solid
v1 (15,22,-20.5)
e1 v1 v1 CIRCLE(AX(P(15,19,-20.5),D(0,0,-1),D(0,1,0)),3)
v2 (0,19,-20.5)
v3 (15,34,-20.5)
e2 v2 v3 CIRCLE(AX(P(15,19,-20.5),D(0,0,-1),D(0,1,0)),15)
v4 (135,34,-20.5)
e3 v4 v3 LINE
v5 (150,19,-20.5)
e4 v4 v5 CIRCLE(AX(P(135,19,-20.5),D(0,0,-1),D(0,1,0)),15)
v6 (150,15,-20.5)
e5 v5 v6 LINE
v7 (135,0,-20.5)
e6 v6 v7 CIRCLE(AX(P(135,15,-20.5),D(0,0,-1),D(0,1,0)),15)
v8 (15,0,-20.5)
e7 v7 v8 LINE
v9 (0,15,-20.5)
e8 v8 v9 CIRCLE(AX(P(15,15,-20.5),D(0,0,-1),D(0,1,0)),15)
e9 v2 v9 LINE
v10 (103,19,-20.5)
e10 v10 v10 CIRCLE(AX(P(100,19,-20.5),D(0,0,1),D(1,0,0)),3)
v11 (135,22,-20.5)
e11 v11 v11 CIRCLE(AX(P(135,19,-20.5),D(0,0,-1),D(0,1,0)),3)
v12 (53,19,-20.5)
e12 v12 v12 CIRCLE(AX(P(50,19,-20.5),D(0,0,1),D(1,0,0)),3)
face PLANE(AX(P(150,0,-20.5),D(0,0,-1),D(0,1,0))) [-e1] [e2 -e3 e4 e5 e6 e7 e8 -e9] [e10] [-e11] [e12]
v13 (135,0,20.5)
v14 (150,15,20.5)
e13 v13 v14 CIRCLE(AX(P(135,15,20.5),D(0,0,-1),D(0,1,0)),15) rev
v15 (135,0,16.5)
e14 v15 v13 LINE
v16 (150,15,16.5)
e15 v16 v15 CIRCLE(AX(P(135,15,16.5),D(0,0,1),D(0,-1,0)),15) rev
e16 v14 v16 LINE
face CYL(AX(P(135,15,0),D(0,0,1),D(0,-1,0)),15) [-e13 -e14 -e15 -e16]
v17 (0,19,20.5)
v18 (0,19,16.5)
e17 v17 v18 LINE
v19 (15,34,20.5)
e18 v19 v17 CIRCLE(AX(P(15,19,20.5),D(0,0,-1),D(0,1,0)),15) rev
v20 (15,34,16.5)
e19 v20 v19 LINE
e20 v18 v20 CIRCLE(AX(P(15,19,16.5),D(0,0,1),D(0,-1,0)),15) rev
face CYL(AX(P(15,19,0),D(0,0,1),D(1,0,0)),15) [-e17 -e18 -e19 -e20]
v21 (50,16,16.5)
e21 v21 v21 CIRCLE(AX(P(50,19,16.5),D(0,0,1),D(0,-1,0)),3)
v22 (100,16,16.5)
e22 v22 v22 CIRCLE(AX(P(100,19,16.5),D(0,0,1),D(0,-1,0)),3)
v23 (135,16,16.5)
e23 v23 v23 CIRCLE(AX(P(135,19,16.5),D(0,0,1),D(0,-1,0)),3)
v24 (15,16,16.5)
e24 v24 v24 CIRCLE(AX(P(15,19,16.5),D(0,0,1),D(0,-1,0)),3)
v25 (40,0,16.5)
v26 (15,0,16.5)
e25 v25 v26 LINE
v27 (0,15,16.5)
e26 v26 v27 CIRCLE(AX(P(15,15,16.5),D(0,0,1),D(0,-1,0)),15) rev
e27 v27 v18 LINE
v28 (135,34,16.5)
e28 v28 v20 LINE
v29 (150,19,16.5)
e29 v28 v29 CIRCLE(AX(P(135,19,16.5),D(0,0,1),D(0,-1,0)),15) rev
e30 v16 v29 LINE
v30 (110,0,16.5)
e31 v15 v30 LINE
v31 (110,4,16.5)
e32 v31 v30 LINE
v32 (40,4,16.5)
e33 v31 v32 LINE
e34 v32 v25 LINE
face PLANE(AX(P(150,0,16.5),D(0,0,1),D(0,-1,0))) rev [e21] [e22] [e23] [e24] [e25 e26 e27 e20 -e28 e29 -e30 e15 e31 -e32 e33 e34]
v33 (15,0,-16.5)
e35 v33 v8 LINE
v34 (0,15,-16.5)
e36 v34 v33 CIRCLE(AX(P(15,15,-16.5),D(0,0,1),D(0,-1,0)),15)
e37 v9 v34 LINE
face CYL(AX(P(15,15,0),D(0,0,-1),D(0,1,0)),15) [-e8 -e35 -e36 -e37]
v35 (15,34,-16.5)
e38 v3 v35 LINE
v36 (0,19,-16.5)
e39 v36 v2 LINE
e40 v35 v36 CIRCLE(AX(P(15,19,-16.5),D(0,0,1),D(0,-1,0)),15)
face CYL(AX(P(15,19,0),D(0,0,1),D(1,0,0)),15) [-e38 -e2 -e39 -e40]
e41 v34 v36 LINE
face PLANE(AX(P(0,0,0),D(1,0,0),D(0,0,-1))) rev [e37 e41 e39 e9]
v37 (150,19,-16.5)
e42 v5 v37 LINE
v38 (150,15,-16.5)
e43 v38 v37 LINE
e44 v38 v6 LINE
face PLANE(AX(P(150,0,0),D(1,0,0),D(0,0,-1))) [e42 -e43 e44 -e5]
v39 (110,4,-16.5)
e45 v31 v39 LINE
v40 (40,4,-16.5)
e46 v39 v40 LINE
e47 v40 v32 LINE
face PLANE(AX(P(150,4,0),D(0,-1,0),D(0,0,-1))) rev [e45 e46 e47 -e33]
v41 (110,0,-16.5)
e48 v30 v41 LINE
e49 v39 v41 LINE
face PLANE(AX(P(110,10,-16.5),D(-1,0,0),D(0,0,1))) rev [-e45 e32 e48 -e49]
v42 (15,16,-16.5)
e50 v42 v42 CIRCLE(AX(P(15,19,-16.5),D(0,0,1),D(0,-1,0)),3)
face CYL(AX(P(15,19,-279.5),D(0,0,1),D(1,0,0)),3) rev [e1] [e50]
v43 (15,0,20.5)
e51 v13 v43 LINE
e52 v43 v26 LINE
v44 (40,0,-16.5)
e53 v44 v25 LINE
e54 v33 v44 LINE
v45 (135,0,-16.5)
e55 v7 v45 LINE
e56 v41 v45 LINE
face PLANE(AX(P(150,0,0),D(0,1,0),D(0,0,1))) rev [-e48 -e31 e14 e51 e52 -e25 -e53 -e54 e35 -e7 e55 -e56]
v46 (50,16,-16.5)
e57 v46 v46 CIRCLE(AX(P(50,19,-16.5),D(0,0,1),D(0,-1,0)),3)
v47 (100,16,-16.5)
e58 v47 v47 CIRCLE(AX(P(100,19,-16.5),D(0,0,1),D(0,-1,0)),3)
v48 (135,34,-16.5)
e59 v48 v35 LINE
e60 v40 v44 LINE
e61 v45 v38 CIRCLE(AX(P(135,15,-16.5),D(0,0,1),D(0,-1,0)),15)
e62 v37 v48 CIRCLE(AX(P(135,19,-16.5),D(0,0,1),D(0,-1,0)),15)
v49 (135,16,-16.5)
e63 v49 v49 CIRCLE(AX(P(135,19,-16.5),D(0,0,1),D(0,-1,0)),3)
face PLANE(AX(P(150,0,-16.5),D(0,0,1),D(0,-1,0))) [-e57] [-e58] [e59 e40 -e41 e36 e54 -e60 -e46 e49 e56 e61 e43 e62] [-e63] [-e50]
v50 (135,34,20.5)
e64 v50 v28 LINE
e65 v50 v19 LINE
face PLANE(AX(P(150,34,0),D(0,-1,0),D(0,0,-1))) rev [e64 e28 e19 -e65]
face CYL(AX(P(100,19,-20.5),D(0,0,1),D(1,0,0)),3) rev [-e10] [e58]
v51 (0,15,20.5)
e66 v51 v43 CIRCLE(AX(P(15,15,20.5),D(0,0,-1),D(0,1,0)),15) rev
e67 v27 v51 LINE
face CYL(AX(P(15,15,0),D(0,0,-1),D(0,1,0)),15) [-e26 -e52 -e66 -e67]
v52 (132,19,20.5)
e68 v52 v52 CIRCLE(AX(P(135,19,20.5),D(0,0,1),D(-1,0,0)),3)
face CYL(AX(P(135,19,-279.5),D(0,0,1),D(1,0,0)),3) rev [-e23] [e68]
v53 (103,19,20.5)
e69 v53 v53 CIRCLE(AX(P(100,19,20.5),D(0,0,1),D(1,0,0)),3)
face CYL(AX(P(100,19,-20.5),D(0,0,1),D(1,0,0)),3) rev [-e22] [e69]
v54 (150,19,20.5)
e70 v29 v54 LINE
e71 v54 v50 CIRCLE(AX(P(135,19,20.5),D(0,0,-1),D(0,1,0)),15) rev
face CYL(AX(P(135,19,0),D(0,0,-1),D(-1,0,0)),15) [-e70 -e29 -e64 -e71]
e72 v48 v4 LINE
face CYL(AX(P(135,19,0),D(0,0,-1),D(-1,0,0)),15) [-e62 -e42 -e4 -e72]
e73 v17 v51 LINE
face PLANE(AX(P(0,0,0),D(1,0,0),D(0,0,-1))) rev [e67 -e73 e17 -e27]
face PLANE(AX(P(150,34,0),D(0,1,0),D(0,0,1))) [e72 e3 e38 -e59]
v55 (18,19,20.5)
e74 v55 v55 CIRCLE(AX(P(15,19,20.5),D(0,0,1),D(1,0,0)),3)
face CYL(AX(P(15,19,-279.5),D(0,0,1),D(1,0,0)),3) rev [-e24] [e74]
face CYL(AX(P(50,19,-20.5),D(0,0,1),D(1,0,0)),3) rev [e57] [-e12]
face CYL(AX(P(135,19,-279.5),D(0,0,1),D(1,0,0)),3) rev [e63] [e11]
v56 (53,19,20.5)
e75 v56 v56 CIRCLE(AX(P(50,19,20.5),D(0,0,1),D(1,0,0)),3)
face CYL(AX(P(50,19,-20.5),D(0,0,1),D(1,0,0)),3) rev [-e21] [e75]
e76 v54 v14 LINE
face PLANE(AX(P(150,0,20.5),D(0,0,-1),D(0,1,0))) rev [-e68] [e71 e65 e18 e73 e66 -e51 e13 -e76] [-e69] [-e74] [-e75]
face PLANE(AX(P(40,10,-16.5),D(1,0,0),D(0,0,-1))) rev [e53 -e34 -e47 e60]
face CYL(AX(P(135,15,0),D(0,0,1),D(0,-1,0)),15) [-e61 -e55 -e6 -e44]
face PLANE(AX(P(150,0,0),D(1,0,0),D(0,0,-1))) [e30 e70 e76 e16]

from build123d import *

# Parameters (mm, degrees)
EXTRUDE_1_DEPTH     = 150
SKETCH_2_R          = 3
CUT_EXTRUDE_1_DEPTH = 300
SKETCH_3_W          = 40
SKETCH_3_H          = 33
CUT_EXTRUDE_2_DEPTH = 10
FILLET_1_R          = 15
SKETCH_4_R          = 3
CUT_EXTRUDE_3_DEPTH = 160.176003217


with BuildPart() as part:
    # 草图1 → 凸台-拉伸1 (new body)
    with BuildSketch(Plane(origin=(0, 0, 0), x_dir=(0, 0, -1), z_dir=(1, 0, 0))):
        Polygon((-16.5, 4), (-16.5, 34), (-20.5, 34), (-20.5, 0), (0, 0), (0, 4), align=None)
        Polygon((16.5, 4), (0, 4), (0, 0), (20.5, 0), (20.5, 34), (16.5, 34), align=None)
    extrude(amount=EXTRUDE_1_DEPTH)

    # 草图2 → 切除-拉伸1 (cut)
    with BuildSketch(Plane.XY.offset(20.5)):
        with Locations(Location((15, 19, 0), (0, 0, 90))):
            Circle(SKETCH_2_R)
        with Locations(Location((135, 19, 0), (0, 0, 90))):
            Circle(SKETCH_2_R)
    extrude(amount=-CUT_EXTRUDE_1_DEPTH, mode=Mode.SUBTRACT)

    # 草图3 → 切除-拉伸2 (cut)
    with BuildSketch(Plane.XZ):
        with Locations((130, 0)):
            Rectangle(SKETCH_3_W, SKETCH_3_H)
        with Locations((20, 0)):
            Rectangle(SKETCH_3_W, SKETCH_3_H)
    extrude(amount=-CUT_EXTRUDE_2_DEPTH, mode=Mode.SUBTRACT)

    # 圆角1
    fillet_1_edges = [part.edges().sort_by_distance(p)[0] for p in [
        (0, 0, 18.5),
        (0, 34, 18.5),
        (150, 34, 18.5),
        (150, 0, 18.5),
        (150, 34, -18.5),
        (150, 0, -18.5),
        (0, 0, -18.5),
        (0, 34, -18.5),
    ]]
    fillet(fillet_1_edges, radius=FILLET_1_R)

    # 草图4 → 切除-拉伸3 (cut, through all)
    with BuildSketch(Plane.XY.offset(20.5)):
        with Locations((50, 19)):
            Circle(SKETCH_4_R)
        with Locations((100, 19)):
            Circle(SKETCH_4_R)
    extrude(amount=-CUT_EXTRUDE_3_DEPTH, mode=Mode.SUBTRACT)


solid = part.part
